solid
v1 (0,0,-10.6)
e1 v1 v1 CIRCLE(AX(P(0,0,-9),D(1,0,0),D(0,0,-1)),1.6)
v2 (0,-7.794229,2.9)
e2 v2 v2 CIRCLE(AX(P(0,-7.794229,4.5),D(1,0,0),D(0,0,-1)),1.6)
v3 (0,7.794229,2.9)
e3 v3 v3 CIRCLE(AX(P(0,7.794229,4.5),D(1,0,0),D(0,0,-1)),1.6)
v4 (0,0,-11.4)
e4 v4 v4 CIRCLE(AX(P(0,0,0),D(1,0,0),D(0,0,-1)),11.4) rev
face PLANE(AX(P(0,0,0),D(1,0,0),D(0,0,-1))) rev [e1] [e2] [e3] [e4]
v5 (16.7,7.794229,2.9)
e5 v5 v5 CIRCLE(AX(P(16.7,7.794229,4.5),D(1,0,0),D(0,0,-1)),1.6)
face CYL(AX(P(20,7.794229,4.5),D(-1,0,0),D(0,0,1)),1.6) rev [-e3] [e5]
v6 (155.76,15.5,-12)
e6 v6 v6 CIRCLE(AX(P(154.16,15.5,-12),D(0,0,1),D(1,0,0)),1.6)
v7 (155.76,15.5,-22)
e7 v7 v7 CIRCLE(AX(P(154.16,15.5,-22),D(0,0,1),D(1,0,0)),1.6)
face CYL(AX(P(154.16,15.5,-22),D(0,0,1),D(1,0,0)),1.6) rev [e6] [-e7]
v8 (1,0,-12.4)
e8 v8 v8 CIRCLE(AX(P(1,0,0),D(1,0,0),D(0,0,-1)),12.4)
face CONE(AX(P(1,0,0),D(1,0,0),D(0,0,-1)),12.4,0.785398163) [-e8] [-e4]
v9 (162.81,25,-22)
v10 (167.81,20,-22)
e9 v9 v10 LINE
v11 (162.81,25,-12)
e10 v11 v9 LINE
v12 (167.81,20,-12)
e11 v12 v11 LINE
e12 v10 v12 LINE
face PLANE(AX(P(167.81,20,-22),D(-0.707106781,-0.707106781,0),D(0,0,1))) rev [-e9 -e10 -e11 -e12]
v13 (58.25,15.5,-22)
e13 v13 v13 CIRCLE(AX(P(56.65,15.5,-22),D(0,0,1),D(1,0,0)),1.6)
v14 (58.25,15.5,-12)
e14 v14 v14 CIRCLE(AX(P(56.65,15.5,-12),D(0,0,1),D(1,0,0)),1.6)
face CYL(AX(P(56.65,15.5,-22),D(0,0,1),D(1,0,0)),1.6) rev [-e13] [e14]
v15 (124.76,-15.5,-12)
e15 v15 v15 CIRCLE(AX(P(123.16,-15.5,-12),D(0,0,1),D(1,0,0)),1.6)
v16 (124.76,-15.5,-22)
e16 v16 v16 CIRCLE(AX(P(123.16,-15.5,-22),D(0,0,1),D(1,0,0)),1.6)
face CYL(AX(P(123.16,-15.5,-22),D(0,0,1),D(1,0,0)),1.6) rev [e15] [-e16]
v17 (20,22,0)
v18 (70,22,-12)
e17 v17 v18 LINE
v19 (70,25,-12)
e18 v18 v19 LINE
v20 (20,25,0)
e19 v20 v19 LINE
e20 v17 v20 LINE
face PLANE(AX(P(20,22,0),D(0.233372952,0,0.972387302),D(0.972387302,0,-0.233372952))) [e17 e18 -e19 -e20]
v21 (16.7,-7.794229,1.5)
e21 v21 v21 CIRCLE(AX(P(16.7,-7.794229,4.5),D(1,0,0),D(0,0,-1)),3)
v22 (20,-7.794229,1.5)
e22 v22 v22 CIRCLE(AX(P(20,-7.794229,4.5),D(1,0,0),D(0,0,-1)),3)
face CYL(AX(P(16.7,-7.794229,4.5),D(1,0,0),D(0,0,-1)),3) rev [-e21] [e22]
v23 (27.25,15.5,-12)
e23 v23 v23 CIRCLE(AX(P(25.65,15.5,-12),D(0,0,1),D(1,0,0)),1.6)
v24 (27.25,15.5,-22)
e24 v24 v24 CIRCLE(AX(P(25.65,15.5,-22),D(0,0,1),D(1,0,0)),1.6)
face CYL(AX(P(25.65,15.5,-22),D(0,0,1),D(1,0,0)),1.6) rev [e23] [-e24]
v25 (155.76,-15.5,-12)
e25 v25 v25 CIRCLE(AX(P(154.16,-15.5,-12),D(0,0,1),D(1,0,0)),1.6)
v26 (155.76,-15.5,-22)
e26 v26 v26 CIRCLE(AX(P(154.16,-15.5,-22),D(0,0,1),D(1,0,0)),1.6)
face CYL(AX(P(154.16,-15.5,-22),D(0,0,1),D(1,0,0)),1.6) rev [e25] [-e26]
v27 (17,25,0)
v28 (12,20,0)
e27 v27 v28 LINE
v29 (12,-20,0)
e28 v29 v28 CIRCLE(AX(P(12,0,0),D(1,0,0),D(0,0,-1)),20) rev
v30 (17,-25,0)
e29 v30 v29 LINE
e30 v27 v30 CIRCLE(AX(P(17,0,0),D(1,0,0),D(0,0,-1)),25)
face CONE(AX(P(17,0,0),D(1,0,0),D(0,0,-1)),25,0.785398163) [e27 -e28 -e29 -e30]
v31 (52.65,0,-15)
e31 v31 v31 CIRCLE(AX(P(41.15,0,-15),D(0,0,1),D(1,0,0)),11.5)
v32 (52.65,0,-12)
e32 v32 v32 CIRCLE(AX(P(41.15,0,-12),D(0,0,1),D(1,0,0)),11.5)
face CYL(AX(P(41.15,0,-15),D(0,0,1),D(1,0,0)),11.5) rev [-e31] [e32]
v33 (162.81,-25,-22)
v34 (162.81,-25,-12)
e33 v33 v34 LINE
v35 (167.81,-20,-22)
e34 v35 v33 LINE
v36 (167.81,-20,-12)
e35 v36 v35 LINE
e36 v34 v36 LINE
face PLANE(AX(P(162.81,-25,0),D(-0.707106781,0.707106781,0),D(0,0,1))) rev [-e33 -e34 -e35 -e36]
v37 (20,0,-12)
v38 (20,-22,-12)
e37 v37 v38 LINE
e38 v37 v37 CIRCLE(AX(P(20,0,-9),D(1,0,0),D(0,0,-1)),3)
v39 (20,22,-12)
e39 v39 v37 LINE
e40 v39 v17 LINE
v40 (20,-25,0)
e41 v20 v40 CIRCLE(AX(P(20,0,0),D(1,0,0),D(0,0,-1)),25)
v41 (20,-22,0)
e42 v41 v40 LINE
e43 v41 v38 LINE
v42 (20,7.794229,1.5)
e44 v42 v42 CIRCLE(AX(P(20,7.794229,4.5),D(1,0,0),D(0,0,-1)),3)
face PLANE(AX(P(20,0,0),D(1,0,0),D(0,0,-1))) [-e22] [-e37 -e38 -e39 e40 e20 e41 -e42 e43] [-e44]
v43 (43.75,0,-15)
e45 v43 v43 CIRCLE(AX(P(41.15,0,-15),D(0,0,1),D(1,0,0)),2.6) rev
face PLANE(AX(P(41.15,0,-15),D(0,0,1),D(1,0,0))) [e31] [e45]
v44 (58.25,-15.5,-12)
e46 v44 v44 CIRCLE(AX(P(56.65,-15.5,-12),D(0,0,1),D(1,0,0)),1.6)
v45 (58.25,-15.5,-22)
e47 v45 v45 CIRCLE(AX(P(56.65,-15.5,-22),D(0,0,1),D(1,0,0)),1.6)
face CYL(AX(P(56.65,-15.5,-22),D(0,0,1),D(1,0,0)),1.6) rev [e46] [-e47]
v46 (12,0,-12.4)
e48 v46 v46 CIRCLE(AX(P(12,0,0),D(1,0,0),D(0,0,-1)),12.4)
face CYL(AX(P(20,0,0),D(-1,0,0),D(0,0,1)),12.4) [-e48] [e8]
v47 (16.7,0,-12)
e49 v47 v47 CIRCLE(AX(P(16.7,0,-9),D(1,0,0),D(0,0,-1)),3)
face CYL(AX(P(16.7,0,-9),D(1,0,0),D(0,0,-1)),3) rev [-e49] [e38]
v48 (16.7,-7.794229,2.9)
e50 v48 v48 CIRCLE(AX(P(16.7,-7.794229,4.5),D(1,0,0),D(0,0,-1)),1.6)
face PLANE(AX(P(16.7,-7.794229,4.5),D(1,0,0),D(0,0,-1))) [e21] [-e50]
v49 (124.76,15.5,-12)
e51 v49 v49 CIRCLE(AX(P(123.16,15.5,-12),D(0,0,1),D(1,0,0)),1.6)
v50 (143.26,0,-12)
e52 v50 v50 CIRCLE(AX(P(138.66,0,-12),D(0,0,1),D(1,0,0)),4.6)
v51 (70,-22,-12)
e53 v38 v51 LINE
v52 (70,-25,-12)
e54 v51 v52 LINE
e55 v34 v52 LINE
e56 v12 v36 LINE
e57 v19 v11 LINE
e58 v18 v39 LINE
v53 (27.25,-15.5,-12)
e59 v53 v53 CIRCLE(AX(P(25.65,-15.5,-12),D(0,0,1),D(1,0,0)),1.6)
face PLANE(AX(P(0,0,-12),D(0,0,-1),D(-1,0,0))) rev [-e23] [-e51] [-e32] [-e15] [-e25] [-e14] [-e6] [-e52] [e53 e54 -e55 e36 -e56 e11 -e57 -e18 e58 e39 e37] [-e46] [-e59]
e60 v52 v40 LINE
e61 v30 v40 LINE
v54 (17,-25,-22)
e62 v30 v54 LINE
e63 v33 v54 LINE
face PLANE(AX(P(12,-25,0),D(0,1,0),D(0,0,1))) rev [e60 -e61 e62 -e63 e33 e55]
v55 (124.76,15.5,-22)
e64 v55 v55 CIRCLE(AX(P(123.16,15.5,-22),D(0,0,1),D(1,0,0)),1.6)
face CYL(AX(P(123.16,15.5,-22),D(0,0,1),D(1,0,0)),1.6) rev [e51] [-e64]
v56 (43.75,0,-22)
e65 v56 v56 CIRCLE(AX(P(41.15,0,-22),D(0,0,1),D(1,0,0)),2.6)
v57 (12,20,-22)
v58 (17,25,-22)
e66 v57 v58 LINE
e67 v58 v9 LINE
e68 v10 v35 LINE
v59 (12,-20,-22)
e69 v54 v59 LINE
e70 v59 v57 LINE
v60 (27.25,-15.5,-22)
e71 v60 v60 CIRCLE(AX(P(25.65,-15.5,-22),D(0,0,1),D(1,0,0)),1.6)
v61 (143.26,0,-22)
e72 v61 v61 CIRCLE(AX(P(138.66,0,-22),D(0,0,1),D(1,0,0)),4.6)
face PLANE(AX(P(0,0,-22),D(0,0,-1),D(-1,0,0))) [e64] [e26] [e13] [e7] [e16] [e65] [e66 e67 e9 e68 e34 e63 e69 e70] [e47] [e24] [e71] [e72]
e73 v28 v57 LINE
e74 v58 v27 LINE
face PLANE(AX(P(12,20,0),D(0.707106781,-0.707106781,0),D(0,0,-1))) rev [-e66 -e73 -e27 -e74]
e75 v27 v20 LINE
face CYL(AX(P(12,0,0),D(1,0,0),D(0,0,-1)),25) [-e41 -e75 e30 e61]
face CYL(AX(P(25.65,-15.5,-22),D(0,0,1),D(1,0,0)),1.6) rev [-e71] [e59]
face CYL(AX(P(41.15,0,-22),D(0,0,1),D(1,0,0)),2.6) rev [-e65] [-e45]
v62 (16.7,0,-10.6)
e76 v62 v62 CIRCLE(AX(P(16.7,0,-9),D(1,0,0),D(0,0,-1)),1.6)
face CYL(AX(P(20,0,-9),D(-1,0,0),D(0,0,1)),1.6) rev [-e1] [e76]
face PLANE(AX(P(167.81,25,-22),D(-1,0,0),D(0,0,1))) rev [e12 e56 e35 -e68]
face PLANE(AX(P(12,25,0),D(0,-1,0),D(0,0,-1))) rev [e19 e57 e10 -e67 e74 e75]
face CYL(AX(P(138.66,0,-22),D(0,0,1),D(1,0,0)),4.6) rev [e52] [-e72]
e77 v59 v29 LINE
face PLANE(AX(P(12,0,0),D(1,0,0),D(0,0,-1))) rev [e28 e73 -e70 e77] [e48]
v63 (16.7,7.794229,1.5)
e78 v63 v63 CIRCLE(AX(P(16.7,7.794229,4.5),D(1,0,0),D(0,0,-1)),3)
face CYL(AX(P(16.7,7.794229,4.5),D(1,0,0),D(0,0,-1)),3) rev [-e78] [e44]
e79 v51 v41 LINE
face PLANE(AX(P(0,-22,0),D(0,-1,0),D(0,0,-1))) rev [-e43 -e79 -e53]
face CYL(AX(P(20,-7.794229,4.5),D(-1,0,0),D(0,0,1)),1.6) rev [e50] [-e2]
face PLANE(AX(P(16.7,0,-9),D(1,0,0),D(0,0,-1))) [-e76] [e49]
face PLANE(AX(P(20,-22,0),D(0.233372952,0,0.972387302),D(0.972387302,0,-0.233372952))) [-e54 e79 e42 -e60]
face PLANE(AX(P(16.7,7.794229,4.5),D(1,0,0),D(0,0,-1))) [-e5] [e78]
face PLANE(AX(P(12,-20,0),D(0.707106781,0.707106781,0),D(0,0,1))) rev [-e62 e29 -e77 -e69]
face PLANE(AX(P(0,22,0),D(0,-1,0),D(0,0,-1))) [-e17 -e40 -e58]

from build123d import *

# Parameters (mm, degrees)
SKETCH_2_R          = 12.4
SKETCH_2_R_2        = 1.6
EXTRUDE_1_DEPTH     = 20
EXTRUDE_2_DEPTH     = 8
SKETCH_5_W          = 155.81
SKETCH_5_H          = 50
EXTRUDE_3_DEPTH     = 10
SKETCH_6_R          = 1.6
SKETCH_6_R_2        = 2.6
SKETCH_6_R_3        = 4.6
CUT_EXTRUDE_1_DEPTH = 10
SKETCH_7_R          = 3
CUT_EXTRUDE_2_DEPTH = 3.3
SKETCH_8_R          = 11.5
CUT_EXTRUDE_3_DEPTH = 3
EXTRUDE_4_DEPTH     = 3
EXTRUDE_5_DEPTH     = 3
CHAMFER_1_SIZE      = 5
CHAMFER_2_SIZE      = 1


with BuildPart() as part:
    # 草图2 → 凸台-拉伸1 (new body)
    with BuildSketch(Plane(origin=(0, 0, 0), x_dir=(0, 0, -1), z_dir=(1, 0, 0))):
        Circle(SKETCH_2_R)
        with Locations((9, 0)):
            Circle(SKETCH_2_R_2, mode=Mode.SUBTRACT)
        with Locations((-4.5, -7.794228634)):
            Circle(SKETCH_2_R_2, mode=Mode.SUBTRACT)
        with Locations((-4.5, 7.794228634)):
            Circle(SKETCH_2_R_2, mode=Mode.SUBTRACT)
    extrude(amount=EXTRUDE_1_DEPTH)

    # 草图3 → 凸台-拉伸2 (add)
    with BuildSketch(Plane(origin=(20, 0, 0), x_dir=(0, 0, -1), z_dir=(1, 0, 0))):
        with BuildLine():
            Line((12, 25), (0, 25))
            ThreePointArc((0, 25), (-25, 0), (0, -25))
            Line((0, -25), (12, -25))
            Line((12, -25), (12, -3.12409987))
            ThreePointArc((12, -3.12409987), (-12.4, 0), (12, 3.12409987))
            Line((12, 3.12409987), (12, 25))
        make_face()
    extrude(amount=-EXTRUDE_2_DEPTH)

    # 草图5 → 凸台-拉伸3 (add)
    with BuildSketch(Plane(origin=(0, 0, -12), x_dir=(-1, 0, 0), z_dir=(0, 0, -1))):
        with Locations((-89.905, 0)):
            Rectangle(SKETCH_5_W, SKETCH_5_H)
    extrude(amount=EXTRUDE_3_DEPTH)

    # 草图6 → 切除-拉伸1 (cut)
    with BuildSketch(Plane.XY.offset(-12)):
        with Locations((25.65, 15.5)):
            Circle(SKETCH_6_R)
        with Locations((56.65, 15.5)):
            Circle(SKETCH_6_R)
        with Locations((56.65, -15.5)):
            Circle(SKETCH_6_R)
        with Locations((25.65, -15.5)):
            Circle(SKETCH_6_R)
        with Locations((41.15, 0)):
            Circle(SKETCH_6_R_2)
        with Locations((138.66, 0)):
            Circle(SKETCH_6_R_3)
        with Locations((123.16, 15.5)):
            Circle(SKETCH_6_R)
        with Locations((154.16, 15.5)):
            Circle(SKETCH_6_R)
        with Locations((154.16, -15.5)):
            Circle(SKETCH_6_R)
        with Locations((123.16, -15.5)):
            Circle(SKETCH_6_R)
    extrude(amount=-CUT_EXTRUDE_1_DEPTH, mode=Mode.SUBTRACT)

    # 草图7 → 切除-拉伸2 (cut)
    with BuildSketch(Plane(origin=(20, 0, 0), x_dir=(0, 0, -1), z_dir=(1, 0, 0))):
        with Locations((-4.5, 7.794228634)):
            Circle(SKETCH_7_R)
        with Locations((9, 0)):
            Circle(SKETCH_7_R)
        with Locations((-4.5, -7.794228634)):
            Circle(SKETCH_7_R)
    extrude(amount=-CUT_EXTRUDE_2_DEPTH, mode=Mode.SUBTRACT)

    # 草图8 → 切除-拉伸3 (cut)
    with BuildSketch(Plane.XY.offset(-12)):
        with Locations((41.15, 0)):
            Circle(SKETCH_8_R)
    extrude(amount=-CUT_EXTRUDE_3_DEPTH, mode=Mode.SUBTRACT)

    # 草图10 → 凸台-拉伸4 (add)
    with BuildSketch(Plane.XZ.offset(25)):
        Polygon((20, 0), (70, -12), (20, -12), align=None)
    extrude(amount=-EXTRUDE_4_DEPTH)

    # 草图11 → 凸台-拉伸5 (add)
    with BuildSketch(Plane(origin=(0, 25, 0), x_dir=(1, 0, 0), z_dir=(0, 1, 0))):
        Polygon((20, 0), (70, 12), (20, 12), align=None)
    extrude(amount=-EXTRUDE_5_DEPTH)

    # 倒角1
    chamfer_1_edges = [part.edges().sort_by_distance(p)[0] for p in [
        (12, 0, 25),
        (12, 25, -11),
        (12, -25, -11),
        (167.81, 25, -17),
        (167.81, -25, -17),
    ]]
    chamfer(chamfer_1_edges, length=CHAMFER_1_SIZE)

    # 倒角2
    chamfer_2_edges = [part.edges().sort_by_distance(p)[0] for p in [
        (0, 0, 12.4),
    ]]
    chamfer(chamfer_2_edges, length=CHAMFER_2_SIZE)


solid = part.part
